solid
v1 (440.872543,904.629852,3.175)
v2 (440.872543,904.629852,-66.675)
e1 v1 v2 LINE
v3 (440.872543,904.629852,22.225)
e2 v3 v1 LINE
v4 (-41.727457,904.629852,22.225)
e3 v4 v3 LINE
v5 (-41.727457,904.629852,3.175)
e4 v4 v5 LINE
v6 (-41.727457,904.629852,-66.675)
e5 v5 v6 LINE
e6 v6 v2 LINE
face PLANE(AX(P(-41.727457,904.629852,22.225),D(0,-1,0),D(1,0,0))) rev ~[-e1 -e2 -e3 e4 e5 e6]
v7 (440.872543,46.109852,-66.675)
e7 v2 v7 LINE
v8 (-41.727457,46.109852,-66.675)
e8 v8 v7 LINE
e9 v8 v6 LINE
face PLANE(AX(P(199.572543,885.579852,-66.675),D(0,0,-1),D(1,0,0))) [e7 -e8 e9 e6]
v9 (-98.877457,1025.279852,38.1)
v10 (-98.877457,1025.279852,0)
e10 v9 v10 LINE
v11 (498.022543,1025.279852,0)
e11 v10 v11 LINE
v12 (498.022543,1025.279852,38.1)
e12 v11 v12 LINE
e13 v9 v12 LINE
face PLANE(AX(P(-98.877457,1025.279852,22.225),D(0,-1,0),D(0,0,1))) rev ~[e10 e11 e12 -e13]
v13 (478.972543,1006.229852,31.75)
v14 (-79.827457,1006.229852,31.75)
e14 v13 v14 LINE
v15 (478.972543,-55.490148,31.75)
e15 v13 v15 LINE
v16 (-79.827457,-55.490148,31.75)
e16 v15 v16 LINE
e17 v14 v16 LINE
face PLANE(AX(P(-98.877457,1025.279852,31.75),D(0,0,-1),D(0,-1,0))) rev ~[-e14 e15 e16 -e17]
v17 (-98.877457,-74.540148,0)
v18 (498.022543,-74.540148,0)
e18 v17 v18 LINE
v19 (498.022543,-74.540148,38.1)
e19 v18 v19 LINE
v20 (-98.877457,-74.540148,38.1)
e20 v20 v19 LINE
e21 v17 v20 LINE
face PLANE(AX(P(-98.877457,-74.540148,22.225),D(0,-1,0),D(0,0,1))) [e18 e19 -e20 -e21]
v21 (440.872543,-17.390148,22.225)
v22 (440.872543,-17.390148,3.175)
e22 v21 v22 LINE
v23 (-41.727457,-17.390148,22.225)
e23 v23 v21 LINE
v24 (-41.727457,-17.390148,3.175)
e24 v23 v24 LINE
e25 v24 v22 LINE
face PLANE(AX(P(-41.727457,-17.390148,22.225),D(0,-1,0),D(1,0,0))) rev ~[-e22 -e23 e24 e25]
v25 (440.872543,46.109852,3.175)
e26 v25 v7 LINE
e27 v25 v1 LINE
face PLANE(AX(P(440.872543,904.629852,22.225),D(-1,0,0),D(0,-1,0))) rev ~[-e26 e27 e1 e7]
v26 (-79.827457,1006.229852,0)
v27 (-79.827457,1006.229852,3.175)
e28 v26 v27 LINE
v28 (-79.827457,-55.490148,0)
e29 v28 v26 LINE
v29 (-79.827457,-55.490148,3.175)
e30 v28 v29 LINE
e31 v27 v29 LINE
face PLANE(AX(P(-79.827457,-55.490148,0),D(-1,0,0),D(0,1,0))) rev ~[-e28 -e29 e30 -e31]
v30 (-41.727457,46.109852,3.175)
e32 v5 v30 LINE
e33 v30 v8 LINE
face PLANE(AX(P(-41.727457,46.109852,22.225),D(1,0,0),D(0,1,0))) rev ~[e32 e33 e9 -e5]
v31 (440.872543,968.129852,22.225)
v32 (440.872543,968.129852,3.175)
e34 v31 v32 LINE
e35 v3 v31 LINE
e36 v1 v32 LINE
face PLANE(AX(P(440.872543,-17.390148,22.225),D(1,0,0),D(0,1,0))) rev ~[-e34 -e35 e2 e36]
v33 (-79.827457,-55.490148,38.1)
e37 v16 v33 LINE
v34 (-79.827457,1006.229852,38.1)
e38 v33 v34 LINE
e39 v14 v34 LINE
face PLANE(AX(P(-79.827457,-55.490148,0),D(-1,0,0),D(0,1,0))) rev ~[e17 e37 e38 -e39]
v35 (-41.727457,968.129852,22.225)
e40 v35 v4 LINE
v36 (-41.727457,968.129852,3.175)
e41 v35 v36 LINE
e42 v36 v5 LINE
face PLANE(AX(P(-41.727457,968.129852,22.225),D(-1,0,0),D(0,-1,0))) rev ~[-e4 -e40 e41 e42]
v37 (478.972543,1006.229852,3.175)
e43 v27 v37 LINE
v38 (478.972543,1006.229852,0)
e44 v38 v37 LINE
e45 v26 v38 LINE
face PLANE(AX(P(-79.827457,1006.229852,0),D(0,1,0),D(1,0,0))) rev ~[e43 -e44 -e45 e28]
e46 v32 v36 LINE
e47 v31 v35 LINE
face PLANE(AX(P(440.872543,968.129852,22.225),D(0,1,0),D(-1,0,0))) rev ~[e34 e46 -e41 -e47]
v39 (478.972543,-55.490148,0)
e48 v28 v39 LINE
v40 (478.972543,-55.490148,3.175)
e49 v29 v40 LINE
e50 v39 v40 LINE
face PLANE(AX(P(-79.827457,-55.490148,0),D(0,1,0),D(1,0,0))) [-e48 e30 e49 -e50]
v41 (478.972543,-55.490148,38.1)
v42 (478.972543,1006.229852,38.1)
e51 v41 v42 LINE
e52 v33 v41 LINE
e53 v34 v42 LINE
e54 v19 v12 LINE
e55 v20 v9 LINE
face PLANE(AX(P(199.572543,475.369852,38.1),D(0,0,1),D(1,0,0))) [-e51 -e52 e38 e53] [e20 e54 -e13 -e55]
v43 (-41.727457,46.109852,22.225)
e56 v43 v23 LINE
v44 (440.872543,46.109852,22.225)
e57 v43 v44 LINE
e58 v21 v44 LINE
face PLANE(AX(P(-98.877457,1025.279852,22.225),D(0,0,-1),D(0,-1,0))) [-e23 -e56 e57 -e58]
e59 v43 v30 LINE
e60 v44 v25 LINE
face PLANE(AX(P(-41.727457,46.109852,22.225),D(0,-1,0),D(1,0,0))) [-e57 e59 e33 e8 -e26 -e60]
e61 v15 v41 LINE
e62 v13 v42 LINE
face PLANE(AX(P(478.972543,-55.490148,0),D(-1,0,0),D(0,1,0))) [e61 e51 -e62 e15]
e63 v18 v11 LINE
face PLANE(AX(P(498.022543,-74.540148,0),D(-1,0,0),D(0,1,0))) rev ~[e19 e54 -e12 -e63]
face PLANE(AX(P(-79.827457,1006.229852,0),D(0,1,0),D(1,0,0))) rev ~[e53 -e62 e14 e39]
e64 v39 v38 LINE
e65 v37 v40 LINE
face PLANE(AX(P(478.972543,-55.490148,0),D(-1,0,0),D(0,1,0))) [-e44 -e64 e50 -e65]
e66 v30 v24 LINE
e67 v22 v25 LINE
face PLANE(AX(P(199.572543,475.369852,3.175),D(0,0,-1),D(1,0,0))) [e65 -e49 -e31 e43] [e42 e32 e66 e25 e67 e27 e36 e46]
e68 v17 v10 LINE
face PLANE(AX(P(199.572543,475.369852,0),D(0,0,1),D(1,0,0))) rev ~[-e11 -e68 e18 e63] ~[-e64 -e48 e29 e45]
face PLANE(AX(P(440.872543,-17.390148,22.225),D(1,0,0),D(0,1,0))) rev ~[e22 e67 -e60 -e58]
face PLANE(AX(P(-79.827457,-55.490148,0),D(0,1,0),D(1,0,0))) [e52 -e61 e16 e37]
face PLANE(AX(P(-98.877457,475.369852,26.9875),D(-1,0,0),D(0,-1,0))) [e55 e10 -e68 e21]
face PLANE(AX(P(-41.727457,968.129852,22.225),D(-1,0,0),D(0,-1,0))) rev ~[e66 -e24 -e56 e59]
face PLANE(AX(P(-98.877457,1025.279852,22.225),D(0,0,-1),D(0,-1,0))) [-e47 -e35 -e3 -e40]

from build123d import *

# Parameters (mm, degrees)
F0_W     = 596.9
F0_H     = 1099.82
F0_W_2   = 558.8
F0_H_2   = 1061.72
F1_DEPTH = 38.1
F2_W     = 1099.82
F2_H     = 9.525
F3_DEPTH = 584.2
F4_W     = 558.8
F4_H     = 1061.72
F5_DEPTH = 19.05
F6_W     = 482.6
F6_H     = 38.1
F6_H_2   = 782.32
F7_DEPTH = 88.9


with BuildPart() as f1:
    # F0 (on Top) → F1 (new body)
    with BuildSketch(Plane.XY):
        with Locations((199.572543, 475.369852)):
            Rectangle(F0_W, F0_H)
        with Locations((199.572543, 475.369852)):
            Rectangle(F0_W_2, F0_H_2, mode=Mode.SUBTRACT)
    extrude(amount=F1_DEPTH)

    # F2 (on face) → F3 (join)
    with BuildSketch(Plane(origin=(-98.877457, 0, 0), x_dir=(0, -1, 0), z_dir=(-1, 0, 0))):
        with Locations((-475.369852, 26.9875)):
            Rectangle(F2_W, F2_H)
    extrude(amount=-F3_DEPTH)

    # F4 (on face) → F5 (join)
    with BuildSketch(Plane(origin=(0, 0, 22.225), x_dir=(1, 0, 0), z_dir=(0, 0, -1))):
        with Locations((199.572543, -475.369852)):
            Rectangle(F4_W, F4_H)
        Polygon((440.872543, -968.129852), (-41.727457, -968.129852), (-41.727457, -904.629852), (-41.727457, -866.529852), (-41.727457, -84.209852), (-41.727457, -46.109852), (-41.727457, 17.390148), (440.872543, 17.390148), (440.872543, -46.109852), (440.872543, -84.209852), (440.872543, -866.529852), (440.872543, -904.629852), align=None, mode=Mode.SUBTRACT)
    extrude(amount=F5_DEPTH)

    # F6 (on face) → F7 (join)
    with BuildSketch(Plane(origin=(0, 0, 22.225), x_dir=(1, 0, 0), z_dir=(0, 0, -1))):
        with Locations((199.572543, -885.579852)):
            Rectangle(F6_W, F6_H)
        with Locations((199.572543, -65.159852)):
            Rectangle(F6_W, F6_H)
        with Locations((199.572543, -475.369852)):
            Rectangle(F6_W, F6_H_2)
    extrude(amount=F7_DEPTH)


solid = f1.part
